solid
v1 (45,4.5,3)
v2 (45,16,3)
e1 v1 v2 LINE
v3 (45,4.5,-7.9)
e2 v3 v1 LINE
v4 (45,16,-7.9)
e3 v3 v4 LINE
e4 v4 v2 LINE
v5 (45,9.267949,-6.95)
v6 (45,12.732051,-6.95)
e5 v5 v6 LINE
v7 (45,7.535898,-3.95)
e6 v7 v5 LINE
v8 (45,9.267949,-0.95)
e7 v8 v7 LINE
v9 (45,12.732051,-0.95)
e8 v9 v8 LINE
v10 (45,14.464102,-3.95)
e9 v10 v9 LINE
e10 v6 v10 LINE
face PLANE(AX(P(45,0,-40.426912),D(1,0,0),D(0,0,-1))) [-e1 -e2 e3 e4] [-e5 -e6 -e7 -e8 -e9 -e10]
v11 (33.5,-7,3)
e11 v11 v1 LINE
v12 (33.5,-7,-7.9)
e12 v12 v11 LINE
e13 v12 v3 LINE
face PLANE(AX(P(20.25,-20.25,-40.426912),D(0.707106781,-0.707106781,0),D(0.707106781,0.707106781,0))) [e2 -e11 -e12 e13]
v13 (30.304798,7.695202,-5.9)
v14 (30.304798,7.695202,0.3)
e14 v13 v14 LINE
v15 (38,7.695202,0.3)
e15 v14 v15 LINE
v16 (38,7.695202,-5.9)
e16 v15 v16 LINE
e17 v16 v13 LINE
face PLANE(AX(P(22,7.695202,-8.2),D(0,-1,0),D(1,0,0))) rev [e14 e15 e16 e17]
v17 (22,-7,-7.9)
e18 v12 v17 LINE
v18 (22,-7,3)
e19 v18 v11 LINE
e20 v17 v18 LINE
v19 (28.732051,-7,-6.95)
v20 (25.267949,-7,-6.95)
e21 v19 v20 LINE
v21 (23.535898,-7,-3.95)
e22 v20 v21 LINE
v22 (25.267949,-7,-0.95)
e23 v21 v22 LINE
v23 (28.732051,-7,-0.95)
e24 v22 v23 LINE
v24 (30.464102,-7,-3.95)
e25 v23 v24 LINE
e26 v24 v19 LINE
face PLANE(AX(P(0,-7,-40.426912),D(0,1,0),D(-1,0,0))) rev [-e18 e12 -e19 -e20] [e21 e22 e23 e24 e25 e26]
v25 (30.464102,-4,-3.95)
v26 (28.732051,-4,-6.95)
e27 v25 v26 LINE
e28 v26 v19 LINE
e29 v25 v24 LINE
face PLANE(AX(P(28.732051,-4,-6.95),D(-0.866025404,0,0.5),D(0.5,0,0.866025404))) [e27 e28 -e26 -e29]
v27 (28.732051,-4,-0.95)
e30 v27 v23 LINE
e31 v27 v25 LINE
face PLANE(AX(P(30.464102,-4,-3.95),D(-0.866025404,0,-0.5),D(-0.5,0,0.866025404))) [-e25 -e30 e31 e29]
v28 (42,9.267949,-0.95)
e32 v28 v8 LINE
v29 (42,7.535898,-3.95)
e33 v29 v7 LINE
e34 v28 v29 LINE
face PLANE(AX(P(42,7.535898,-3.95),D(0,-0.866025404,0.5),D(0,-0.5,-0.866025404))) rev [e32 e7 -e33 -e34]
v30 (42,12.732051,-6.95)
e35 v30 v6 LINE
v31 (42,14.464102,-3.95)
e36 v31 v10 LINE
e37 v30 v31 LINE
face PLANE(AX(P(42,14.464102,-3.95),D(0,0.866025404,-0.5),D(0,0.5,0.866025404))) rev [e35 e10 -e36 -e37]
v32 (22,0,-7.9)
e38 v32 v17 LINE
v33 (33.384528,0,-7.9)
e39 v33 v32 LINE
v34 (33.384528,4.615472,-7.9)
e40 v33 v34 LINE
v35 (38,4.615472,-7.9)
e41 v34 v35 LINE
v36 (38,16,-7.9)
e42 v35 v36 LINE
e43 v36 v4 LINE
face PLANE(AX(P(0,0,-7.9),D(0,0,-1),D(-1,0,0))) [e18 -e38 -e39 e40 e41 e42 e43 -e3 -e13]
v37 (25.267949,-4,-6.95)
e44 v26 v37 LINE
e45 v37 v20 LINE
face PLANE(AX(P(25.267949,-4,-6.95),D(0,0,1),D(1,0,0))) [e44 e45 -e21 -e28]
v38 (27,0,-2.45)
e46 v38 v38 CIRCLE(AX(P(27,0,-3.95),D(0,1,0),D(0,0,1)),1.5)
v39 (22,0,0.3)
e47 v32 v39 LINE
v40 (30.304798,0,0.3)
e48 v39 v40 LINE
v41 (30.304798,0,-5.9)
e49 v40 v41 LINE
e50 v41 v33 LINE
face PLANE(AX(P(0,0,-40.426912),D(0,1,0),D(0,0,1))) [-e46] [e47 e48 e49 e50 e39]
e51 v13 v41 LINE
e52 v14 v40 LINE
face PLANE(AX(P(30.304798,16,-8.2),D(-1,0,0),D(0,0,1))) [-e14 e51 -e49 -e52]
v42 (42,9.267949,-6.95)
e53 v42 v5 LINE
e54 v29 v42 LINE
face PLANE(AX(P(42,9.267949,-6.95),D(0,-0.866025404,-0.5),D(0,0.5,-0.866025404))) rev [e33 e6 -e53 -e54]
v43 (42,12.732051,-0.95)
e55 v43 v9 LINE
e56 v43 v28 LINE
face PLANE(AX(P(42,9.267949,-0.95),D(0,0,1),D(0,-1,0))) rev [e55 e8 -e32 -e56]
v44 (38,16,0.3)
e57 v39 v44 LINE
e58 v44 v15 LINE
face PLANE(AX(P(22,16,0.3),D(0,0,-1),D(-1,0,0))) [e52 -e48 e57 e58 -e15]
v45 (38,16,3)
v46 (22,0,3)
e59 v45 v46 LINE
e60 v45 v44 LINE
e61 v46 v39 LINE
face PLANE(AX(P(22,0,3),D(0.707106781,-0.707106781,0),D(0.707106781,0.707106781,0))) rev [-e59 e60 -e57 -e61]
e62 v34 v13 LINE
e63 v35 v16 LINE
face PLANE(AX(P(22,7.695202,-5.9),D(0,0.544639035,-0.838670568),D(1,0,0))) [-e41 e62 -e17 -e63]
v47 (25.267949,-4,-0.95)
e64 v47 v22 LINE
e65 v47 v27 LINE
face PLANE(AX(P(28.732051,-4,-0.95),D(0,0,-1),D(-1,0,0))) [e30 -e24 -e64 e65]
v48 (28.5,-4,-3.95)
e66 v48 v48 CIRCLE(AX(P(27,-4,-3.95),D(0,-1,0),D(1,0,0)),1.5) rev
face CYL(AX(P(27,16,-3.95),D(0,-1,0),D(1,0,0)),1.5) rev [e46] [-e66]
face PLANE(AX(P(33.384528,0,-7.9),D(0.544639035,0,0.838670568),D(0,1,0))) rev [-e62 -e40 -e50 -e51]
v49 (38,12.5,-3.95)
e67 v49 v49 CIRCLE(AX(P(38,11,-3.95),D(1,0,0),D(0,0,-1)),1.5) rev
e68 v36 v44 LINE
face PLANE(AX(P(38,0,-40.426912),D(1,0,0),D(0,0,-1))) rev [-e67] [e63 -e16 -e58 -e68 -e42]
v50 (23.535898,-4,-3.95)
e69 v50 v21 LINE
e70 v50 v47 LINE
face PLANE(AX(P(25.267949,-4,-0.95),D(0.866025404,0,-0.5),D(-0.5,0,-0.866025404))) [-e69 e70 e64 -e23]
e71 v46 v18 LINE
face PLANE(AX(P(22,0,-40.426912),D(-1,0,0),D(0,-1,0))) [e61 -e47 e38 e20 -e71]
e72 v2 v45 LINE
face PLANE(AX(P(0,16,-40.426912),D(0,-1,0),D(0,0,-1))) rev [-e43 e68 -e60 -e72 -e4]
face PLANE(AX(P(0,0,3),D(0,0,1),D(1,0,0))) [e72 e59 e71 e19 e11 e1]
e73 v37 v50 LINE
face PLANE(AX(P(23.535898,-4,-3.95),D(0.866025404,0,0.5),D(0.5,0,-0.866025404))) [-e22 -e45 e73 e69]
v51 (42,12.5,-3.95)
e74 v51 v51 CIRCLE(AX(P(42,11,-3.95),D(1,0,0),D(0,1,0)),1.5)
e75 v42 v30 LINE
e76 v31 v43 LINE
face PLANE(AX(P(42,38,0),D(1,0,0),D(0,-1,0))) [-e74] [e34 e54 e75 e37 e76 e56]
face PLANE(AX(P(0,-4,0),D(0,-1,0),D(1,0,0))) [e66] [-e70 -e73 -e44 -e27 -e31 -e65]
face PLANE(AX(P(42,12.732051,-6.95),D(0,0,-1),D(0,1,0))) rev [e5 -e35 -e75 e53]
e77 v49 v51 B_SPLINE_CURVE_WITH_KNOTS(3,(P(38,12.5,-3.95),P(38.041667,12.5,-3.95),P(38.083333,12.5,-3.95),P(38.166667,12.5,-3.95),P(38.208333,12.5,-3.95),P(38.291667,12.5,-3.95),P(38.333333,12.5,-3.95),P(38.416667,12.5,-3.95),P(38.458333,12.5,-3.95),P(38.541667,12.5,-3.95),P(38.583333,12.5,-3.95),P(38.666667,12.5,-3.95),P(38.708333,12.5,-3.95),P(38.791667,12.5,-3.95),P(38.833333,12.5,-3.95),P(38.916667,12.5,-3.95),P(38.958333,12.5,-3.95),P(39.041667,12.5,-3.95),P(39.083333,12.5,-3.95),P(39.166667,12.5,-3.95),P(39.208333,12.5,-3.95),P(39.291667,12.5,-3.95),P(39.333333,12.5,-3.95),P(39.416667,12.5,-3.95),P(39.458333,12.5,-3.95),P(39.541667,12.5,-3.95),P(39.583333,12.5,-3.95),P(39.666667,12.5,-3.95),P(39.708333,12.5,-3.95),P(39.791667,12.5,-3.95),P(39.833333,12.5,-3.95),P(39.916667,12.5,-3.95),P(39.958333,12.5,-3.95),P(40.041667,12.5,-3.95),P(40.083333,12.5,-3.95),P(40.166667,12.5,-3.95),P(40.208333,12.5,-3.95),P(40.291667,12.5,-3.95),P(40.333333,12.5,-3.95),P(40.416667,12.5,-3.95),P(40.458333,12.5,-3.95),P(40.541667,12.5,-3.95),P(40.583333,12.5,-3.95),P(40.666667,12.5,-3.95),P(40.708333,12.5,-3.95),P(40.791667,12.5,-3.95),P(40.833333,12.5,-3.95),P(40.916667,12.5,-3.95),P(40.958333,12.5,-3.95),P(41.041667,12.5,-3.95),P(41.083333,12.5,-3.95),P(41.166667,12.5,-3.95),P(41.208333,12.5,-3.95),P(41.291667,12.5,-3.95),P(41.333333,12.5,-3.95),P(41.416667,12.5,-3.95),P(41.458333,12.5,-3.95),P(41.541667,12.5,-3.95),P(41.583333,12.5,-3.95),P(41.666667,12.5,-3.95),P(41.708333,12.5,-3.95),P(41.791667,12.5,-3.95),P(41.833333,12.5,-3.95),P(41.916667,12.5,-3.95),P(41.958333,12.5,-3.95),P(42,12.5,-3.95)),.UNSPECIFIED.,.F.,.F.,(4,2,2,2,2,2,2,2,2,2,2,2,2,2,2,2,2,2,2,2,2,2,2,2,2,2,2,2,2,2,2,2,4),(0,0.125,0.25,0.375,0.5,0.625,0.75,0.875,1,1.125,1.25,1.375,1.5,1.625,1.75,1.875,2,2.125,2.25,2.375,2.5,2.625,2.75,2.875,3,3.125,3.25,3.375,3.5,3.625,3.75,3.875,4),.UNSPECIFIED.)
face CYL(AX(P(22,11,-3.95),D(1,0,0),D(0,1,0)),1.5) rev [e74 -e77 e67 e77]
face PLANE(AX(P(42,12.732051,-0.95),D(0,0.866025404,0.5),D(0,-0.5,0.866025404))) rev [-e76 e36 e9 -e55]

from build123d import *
from OCP.BRepFilletAPI import BRepFilletAPI_MakeChamfer

# Parameters (mm, degrees)
BOSS_EXTRUDE1_DEPTH = 7.9
SKETCH2_R           = 1.5
CUT_EXTRUDE1_DEPTH  = 52.15085532
CUT_EXTRUDE3_DEPTH  = 3
BOSS_EXTRUDE2_DEPTH = 3
SKETCH5_W           = 8.304797865
SKETCH5_H           = 8.5
CUT_EXTRUDE4_DEPTH  = 49.408780195
CHAMFER1_SIZE       = 2
CHAMFER1_SIZE2      = 3.079729928


with BuildPart() as part:
    # Sketch1 → Boss-Extrude1 (new body)
    with BuildSketch(Plane.XY):
        Polygon((30, 8), (30, 0), (22, 0), (22, -7), (33.5, -7), (45, 4.5), (45, 16), (38, 16), (38, 8), align=None)
    extrude(amount=-BOSS_EXTRUDE1_DEPTH)

    # Sketch2 → Cut-Extrude1 (cut, through all)
    with BuildSketch(Plane.XZ.offset(7)):
        with Locations((27, -3.95)):
            Circle(SKETCH2_R)
    cut_extrude1 = extrude(amount=-CUT_EXTRUDE1_DEPTH, mode=Mode.SUBTRACT)

    # Sketch3 → Cut-Extrude3 (cut)
    with BuildSketch(Plane(origin=(38, -7, 0), x_dir=(0, 0, -1), z_dir=(0, 1, 0))):
        Polygon((0.95, 12.732050808), (3.95, 14.464101615), (6.95, 12.732050808), (6.95, 9.267949192), (3.95, 7.535898385), (0.95, 9.267949192), align=None)
    cut_extrude3 = extrude(amount=CUT_EXTRUDE3_DEPTH, mode=Mode.SUBTRACT)

    # Sketch4 → Boss-Extrude2 (add)
    with BuildSketch(Plane.XY):
        Polygon((22, 0), (38, 16), (45, 16), (45, 4.5), (33.5, -7), (22, -7), align=None)
    extrude(amount=BOSS_EXTRUDE2_DEPTH)

    # Sketch5 → Cut-Extrude4 (cut, through all)
    with BuildSketch(Plane(origin=(0, 0, 0), x_dir=(1, 0, 0), z_dir=(0, 1, 0))):
        with Locations((26.152398932, 3.95)):
            Rectangle(SKETCH5_W, SKETCH5_H)
    cut_extrude4 = extrude(amount=CUT_EXTRUDE4_DEPTH, mode=Mode.SUBTRACT)

    # Mirror1: Cut-Extrude1, Cut-Extrude3, Cut-Extrude4 across plane
    add(cut_extrude1.mirror(Plane(origin=(19, 19, 0), x_dir=(0, 0, 1), z_dir=(0.707106781186547, 0.707106781186548, 0))), mode=Mode.SUBTRACT)
    add(cut_extrude3.mirror(Plane(origin=(19, 19, 0), x_dir=(0, 0, 1), z_dir=(0.707106781186547, 0.707106781186548, 0))), mode=Mode.SUBTRACT)
    add(cut_extrude4.mirror(Plane(origin=(19, 19, 0), x_dir=(0, 0, 1), z_dir=(0.707106781186547, 0.707106781186548, 0))), mode=Mode.SUBTRACT)

    # Chamfer1: one chamfer whose edges measure the first distance from different faces: ONE call of the kernel's chamfer builder (chamfer() names one face for all edges)
    chamfer1_edges_1 = [part.edges().sort_by_distance(p)[0] for p in [
        (34.152398932, 7.695202135, -7.9),
    ]]
    chamfer1_side_1 = [part.faces().sort_by_distance(p)[0] for p in [
        (34.152398932, 7.695202135, -3.8),
    ]]
    chamfer1_edges_2 = [part.edges().sort_by_distance(p)[0] for p in [
        (30.304797865, 3.847601068, -7.9),
    ]]
    chamfer1_side_2 = [part.faces().sort_by_distance(p)[0] for p in [
        (30.304797865, 3.847601068, -3.8),
    ]]
    chamfer1 = BRepFilletAPI_MakeChamfer(part.part.solid().wrapped)
    for e in chamfer1_edges_1:
        chamfer1.Add(CHAMFER1_SIZE, CHAMFER1_SIZE2, e.wrapped, chamfer1_side_1[0].wrapped)  # the first distance lies on this face
    for e in chamfer1_edges_2:
        chamfer1.Add(CHAMFER1_SIZE, CHAMFER1_SIZE2, e.wrapped, chamfer1_side_2[0].wrapped)  # the first distance lies on this face
    add(Compound.cast(chamfer1.Shape()), mode=Mode.REPLACE)


solid = part.part
